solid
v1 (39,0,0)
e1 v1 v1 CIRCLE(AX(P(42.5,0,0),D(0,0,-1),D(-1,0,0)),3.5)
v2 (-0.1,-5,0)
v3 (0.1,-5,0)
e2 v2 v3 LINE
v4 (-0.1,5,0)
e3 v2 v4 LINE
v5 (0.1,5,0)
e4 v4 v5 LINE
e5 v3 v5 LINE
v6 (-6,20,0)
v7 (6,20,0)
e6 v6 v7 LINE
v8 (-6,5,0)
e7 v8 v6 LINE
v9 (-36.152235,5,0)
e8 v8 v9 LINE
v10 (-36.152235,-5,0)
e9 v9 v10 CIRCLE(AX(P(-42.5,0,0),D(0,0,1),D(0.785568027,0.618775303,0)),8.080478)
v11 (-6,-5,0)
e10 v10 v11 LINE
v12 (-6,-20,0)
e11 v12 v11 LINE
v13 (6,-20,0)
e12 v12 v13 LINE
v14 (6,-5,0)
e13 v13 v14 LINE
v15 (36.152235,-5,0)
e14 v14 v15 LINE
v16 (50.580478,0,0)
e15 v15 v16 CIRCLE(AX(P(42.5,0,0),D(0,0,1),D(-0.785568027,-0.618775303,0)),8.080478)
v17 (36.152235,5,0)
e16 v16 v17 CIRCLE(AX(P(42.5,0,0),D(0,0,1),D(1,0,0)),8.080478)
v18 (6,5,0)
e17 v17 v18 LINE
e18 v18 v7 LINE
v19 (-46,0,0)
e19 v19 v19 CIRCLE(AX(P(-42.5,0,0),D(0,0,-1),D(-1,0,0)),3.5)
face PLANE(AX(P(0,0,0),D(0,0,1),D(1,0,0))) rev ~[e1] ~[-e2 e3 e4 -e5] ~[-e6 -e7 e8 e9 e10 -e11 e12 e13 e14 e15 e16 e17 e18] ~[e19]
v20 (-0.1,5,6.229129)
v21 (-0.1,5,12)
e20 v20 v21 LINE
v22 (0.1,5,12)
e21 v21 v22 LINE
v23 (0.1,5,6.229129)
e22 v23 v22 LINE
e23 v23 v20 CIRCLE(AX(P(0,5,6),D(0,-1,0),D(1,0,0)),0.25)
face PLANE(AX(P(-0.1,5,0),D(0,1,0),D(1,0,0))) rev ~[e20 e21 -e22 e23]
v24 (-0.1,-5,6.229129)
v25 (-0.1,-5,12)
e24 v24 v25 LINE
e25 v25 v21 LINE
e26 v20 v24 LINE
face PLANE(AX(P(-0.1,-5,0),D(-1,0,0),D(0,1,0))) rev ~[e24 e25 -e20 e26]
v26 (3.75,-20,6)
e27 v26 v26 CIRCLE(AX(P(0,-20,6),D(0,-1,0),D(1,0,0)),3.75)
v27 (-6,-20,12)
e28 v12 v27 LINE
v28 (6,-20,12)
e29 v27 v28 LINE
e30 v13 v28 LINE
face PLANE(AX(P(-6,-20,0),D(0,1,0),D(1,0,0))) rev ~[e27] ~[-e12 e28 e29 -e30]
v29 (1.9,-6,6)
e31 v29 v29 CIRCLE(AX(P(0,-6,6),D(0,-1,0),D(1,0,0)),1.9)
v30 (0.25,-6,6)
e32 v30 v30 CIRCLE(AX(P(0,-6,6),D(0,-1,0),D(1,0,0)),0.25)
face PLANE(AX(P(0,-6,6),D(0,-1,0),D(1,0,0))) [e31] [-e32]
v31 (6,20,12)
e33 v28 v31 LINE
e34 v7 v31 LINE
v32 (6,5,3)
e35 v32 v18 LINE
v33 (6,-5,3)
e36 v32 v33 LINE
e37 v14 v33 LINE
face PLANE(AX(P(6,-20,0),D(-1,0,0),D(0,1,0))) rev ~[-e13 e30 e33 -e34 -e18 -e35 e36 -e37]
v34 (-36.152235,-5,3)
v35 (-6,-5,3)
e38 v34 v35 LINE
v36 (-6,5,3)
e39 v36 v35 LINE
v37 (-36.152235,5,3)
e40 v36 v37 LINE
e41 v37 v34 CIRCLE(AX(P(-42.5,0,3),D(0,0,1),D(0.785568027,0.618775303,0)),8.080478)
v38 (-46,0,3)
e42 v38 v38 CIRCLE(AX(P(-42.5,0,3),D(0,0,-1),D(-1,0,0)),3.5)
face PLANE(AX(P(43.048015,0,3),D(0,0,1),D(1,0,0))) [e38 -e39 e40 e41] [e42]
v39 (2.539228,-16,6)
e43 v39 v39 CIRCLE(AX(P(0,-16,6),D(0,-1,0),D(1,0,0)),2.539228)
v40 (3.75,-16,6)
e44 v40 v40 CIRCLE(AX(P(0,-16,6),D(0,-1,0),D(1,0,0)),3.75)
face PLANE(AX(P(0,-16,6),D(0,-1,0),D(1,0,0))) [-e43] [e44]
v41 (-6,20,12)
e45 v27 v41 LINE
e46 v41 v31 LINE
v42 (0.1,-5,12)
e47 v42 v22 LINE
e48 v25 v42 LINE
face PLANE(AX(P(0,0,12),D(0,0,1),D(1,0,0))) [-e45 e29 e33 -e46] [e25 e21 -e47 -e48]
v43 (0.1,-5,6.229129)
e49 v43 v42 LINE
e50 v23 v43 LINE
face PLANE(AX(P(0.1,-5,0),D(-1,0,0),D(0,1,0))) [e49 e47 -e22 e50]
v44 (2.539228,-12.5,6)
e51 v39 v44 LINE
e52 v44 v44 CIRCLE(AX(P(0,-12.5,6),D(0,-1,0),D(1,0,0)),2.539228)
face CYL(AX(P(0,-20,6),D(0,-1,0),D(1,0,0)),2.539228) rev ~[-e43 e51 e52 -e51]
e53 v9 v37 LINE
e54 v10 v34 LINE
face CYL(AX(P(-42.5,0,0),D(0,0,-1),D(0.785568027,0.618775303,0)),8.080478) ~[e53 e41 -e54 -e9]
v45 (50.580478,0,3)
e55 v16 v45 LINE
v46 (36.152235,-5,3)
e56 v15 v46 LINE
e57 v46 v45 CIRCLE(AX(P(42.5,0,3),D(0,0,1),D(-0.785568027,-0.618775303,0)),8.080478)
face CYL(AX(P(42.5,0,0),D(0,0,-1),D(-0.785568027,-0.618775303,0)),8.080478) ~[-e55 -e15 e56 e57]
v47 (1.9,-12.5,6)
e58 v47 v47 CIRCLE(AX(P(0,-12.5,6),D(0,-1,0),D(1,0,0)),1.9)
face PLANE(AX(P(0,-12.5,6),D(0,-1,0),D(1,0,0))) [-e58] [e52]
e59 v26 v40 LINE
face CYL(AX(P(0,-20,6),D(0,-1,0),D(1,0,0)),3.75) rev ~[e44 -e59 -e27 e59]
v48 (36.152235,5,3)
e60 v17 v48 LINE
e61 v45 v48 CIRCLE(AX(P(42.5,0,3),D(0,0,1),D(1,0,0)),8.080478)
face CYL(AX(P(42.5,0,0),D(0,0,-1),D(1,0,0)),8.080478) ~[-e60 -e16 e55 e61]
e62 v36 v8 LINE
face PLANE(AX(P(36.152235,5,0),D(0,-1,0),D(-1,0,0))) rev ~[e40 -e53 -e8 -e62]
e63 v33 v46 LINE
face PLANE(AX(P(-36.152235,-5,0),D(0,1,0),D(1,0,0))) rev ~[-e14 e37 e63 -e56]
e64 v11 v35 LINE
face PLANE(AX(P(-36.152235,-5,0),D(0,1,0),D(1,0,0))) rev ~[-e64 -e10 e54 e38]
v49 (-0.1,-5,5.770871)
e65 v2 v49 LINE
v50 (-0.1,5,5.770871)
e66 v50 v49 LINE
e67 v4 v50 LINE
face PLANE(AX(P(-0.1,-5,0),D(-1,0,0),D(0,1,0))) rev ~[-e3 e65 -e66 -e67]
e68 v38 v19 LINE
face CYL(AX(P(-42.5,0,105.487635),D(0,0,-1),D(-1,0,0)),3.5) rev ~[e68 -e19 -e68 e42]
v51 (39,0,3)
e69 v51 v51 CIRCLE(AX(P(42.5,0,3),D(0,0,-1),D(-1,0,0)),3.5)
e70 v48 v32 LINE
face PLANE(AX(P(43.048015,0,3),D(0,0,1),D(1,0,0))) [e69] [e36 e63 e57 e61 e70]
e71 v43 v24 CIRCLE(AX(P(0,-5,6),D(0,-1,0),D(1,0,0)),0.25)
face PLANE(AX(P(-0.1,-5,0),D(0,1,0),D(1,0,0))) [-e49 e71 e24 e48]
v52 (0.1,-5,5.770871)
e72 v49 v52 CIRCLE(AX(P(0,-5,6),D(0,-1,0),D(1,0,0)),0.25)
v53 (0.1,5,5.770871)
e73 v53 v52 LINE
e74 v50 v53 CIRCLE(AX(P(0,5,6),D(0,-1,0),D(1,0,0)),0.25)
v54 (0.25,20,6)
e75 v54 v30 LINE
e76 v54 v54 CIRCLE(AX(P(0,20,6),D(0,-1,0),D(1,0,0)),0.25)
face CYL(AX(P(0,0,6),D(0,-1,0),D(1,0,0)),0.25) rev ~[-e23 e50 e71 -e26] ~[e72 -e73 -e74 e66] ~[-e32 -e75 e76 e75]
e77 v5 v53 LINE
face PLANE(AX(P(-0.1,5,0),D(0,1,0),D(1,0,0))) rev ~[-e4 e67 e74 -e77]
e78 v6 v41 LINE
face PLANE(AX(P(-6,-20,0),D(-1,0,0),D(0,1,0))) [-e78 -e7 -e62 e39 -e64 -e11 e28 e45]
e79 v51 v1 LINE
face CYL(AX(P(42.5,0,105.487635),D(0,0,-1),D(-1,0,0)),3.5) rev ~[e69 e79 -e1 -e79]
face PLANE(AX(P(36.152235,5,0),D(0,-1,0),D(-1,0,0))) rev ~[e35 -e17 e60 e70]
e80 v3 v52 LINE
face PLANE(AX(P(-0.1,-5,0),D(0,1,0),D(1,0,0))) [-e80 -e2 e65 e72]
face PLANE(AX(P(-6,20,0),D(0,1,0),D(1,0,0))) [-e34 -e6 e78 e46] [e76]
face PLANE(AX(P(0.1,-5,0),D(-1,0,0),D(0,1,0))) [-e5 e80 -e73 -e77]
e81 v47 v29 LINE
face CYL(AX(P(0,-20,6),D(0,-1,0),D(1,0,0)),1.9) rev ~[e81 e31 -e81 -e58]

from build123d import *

# Parameters (mm, degrees)
F1_DEPTH  = 3
F3_D      = 7
F4_R      = 0.2
F5_DEPTH  = 12.5
F6_W      = 12
F6_H      = 40
F7_DEPTH  = 12
F8_W      = 0.2
F8_H      = 10
F9_DEPTH  = 12
F10_R     = 0.25
F11_DEPTH = 25
F12_R     = 1.9
F13_DEPTH = 14
F14_R     = 2.5392284098
F15_DEPTH = 7.5
F16_R     = 3.75
F17_DEPTH = 4


with BuildPart() as f1:
    # F0 (on Top) → F1 (new body)
    with BuildSketch(Plane.XY):
        with BuildLine():
            Line((42.5, 5), (42.5, -5))
            Line((42.5, -5), (36.1522351233, -5))
            ThreePointArc((36.1522351233, -5), (45.1458596679, -7.635020992), (50.5804776424, 0))
            ThreePointArc((50.5804776424, 0), (45.1458596679, 7.635020992), (36.1522351233, 5))
            Line((36.1522351233, 5), (42.5, 5))
        make_face()
        with BuildLine():
            ThreePointArc((-36.1522351233, 5), (-50.5804776424, 0), (-36.1522351233, -5))
            Line((-36.1522351233, -5), (-42.5, -5))
            Line((-42.5, -5), (-42.5, 5))
            Line((-42.5, 5), (-36.1522351233, 5))
        make_face()
        with BuildLine():
            Line((36.1522351233, -5), (42.5, -5))
            Line((42.5, -5), (42.5, 5))
            Line((42.5, 5), (36.1522351233, 5))
            ThreePointArc((36.1522351233, 5), (34.4195223576, 0), (36.1522351233, -5))
        make_face()
        with BuildLine():
            Line((-36.1522351233, -5), (36.1522351233, -5))
            ThreePointArc((36.1522351233, -5), (34.4195223576, 0), (36.1522351233, 5))
            Line((36.1522351233, 5), (-36.1522351233, 5))
            ThreePointArc((-36.1522351233, 5), (-34.864979008, 2.6458596679), (-34.4195223576, 0))
            ThreePointArc((-34.4195223576, 0), (-34.864979008, -2.6458596679), (-36.1522351233, -5))
        make_face()
        with BuildLine():
            Line((-42.5, -5), (-36.1522351233, -5))
            ThreePointArc((-36.1522351233, -5), (-34.864979008, -2.6458596679), (-34.4195223576, 0))
            ThreePointArc((-34.4195223576, 0), (-34.864979008, 2.6458596679), (-36.1522351233, 5))
            Line((-36.1522351233, 5), (-42.5, 5))
            Line((-42.5, 5), (-42.5, -5))
        make_face()
    extrude(amount=F1_DEPTH)

    # F3 (through all)
    with Locations(Plane.XY.offset(3)):
        with Locations((-42.5, 0), (42.5, 0)):
            Hole(F3_D / 2)

    # F4 (on Front) → F5 (cut, symmetric)
    with BuildSketch(Plane.XZ):
        with Locations((0, 21.0996698588)):
            Circle(F4_R)
    extrude(amount=F5_DEPTH, both=True, mode=Mode.SUBTRACT)

    # F6 (on Top) → F7 (join)
    with BuildSketch(Plane.XY):
        Rectangle(F6_W, F6_H)
    extrude(amount=F7_DEPTH)

    # F8 (on Top) → F9 (cut)
    with BuildSketch(Plane.XY):
        Rectangle(F8_W, F8_H)
    extrude(amount=F9_DEPTH, mode=Mode.SUBTRACT)

    # F10 (on Front) → F11 (cut, symmetric)
    with BuildSketch(Plane.XZ):
        with Locations((0, 6)):
            Circle(F10_R)
    extrude(amount=F11_DEPTH, both=True, mode=Mode.SUBTRACT)

    # F12 (on face) → F13 (cut)
    with BuildSketch(Plane.XZ.offset(20)):
        with Locations((0, 6)):
            Circle(F12_R)
    extrude(amount=-F13_DEPTH, mode=Mode.SUBTRACT)

    # F14 (on face) → F15 (cut)
    with BuildSketch(Plane.XZ.offset(20)):
        with Locations((0, 6)):
            Circle(F14_R)
    extrude(amount=-F15_DEPTH, mode=Mode.SUBTRACT)

    # F16 (on face) → F17 (cut)
    with BuildSketch(Plane.XZ.offset(20)):
        with Locations((0, 6)):
            Circle(F16_R)
    extrude(amount=-F17_DEPTH, mode=Mode.SUBTRACT)


solid = f1.part
